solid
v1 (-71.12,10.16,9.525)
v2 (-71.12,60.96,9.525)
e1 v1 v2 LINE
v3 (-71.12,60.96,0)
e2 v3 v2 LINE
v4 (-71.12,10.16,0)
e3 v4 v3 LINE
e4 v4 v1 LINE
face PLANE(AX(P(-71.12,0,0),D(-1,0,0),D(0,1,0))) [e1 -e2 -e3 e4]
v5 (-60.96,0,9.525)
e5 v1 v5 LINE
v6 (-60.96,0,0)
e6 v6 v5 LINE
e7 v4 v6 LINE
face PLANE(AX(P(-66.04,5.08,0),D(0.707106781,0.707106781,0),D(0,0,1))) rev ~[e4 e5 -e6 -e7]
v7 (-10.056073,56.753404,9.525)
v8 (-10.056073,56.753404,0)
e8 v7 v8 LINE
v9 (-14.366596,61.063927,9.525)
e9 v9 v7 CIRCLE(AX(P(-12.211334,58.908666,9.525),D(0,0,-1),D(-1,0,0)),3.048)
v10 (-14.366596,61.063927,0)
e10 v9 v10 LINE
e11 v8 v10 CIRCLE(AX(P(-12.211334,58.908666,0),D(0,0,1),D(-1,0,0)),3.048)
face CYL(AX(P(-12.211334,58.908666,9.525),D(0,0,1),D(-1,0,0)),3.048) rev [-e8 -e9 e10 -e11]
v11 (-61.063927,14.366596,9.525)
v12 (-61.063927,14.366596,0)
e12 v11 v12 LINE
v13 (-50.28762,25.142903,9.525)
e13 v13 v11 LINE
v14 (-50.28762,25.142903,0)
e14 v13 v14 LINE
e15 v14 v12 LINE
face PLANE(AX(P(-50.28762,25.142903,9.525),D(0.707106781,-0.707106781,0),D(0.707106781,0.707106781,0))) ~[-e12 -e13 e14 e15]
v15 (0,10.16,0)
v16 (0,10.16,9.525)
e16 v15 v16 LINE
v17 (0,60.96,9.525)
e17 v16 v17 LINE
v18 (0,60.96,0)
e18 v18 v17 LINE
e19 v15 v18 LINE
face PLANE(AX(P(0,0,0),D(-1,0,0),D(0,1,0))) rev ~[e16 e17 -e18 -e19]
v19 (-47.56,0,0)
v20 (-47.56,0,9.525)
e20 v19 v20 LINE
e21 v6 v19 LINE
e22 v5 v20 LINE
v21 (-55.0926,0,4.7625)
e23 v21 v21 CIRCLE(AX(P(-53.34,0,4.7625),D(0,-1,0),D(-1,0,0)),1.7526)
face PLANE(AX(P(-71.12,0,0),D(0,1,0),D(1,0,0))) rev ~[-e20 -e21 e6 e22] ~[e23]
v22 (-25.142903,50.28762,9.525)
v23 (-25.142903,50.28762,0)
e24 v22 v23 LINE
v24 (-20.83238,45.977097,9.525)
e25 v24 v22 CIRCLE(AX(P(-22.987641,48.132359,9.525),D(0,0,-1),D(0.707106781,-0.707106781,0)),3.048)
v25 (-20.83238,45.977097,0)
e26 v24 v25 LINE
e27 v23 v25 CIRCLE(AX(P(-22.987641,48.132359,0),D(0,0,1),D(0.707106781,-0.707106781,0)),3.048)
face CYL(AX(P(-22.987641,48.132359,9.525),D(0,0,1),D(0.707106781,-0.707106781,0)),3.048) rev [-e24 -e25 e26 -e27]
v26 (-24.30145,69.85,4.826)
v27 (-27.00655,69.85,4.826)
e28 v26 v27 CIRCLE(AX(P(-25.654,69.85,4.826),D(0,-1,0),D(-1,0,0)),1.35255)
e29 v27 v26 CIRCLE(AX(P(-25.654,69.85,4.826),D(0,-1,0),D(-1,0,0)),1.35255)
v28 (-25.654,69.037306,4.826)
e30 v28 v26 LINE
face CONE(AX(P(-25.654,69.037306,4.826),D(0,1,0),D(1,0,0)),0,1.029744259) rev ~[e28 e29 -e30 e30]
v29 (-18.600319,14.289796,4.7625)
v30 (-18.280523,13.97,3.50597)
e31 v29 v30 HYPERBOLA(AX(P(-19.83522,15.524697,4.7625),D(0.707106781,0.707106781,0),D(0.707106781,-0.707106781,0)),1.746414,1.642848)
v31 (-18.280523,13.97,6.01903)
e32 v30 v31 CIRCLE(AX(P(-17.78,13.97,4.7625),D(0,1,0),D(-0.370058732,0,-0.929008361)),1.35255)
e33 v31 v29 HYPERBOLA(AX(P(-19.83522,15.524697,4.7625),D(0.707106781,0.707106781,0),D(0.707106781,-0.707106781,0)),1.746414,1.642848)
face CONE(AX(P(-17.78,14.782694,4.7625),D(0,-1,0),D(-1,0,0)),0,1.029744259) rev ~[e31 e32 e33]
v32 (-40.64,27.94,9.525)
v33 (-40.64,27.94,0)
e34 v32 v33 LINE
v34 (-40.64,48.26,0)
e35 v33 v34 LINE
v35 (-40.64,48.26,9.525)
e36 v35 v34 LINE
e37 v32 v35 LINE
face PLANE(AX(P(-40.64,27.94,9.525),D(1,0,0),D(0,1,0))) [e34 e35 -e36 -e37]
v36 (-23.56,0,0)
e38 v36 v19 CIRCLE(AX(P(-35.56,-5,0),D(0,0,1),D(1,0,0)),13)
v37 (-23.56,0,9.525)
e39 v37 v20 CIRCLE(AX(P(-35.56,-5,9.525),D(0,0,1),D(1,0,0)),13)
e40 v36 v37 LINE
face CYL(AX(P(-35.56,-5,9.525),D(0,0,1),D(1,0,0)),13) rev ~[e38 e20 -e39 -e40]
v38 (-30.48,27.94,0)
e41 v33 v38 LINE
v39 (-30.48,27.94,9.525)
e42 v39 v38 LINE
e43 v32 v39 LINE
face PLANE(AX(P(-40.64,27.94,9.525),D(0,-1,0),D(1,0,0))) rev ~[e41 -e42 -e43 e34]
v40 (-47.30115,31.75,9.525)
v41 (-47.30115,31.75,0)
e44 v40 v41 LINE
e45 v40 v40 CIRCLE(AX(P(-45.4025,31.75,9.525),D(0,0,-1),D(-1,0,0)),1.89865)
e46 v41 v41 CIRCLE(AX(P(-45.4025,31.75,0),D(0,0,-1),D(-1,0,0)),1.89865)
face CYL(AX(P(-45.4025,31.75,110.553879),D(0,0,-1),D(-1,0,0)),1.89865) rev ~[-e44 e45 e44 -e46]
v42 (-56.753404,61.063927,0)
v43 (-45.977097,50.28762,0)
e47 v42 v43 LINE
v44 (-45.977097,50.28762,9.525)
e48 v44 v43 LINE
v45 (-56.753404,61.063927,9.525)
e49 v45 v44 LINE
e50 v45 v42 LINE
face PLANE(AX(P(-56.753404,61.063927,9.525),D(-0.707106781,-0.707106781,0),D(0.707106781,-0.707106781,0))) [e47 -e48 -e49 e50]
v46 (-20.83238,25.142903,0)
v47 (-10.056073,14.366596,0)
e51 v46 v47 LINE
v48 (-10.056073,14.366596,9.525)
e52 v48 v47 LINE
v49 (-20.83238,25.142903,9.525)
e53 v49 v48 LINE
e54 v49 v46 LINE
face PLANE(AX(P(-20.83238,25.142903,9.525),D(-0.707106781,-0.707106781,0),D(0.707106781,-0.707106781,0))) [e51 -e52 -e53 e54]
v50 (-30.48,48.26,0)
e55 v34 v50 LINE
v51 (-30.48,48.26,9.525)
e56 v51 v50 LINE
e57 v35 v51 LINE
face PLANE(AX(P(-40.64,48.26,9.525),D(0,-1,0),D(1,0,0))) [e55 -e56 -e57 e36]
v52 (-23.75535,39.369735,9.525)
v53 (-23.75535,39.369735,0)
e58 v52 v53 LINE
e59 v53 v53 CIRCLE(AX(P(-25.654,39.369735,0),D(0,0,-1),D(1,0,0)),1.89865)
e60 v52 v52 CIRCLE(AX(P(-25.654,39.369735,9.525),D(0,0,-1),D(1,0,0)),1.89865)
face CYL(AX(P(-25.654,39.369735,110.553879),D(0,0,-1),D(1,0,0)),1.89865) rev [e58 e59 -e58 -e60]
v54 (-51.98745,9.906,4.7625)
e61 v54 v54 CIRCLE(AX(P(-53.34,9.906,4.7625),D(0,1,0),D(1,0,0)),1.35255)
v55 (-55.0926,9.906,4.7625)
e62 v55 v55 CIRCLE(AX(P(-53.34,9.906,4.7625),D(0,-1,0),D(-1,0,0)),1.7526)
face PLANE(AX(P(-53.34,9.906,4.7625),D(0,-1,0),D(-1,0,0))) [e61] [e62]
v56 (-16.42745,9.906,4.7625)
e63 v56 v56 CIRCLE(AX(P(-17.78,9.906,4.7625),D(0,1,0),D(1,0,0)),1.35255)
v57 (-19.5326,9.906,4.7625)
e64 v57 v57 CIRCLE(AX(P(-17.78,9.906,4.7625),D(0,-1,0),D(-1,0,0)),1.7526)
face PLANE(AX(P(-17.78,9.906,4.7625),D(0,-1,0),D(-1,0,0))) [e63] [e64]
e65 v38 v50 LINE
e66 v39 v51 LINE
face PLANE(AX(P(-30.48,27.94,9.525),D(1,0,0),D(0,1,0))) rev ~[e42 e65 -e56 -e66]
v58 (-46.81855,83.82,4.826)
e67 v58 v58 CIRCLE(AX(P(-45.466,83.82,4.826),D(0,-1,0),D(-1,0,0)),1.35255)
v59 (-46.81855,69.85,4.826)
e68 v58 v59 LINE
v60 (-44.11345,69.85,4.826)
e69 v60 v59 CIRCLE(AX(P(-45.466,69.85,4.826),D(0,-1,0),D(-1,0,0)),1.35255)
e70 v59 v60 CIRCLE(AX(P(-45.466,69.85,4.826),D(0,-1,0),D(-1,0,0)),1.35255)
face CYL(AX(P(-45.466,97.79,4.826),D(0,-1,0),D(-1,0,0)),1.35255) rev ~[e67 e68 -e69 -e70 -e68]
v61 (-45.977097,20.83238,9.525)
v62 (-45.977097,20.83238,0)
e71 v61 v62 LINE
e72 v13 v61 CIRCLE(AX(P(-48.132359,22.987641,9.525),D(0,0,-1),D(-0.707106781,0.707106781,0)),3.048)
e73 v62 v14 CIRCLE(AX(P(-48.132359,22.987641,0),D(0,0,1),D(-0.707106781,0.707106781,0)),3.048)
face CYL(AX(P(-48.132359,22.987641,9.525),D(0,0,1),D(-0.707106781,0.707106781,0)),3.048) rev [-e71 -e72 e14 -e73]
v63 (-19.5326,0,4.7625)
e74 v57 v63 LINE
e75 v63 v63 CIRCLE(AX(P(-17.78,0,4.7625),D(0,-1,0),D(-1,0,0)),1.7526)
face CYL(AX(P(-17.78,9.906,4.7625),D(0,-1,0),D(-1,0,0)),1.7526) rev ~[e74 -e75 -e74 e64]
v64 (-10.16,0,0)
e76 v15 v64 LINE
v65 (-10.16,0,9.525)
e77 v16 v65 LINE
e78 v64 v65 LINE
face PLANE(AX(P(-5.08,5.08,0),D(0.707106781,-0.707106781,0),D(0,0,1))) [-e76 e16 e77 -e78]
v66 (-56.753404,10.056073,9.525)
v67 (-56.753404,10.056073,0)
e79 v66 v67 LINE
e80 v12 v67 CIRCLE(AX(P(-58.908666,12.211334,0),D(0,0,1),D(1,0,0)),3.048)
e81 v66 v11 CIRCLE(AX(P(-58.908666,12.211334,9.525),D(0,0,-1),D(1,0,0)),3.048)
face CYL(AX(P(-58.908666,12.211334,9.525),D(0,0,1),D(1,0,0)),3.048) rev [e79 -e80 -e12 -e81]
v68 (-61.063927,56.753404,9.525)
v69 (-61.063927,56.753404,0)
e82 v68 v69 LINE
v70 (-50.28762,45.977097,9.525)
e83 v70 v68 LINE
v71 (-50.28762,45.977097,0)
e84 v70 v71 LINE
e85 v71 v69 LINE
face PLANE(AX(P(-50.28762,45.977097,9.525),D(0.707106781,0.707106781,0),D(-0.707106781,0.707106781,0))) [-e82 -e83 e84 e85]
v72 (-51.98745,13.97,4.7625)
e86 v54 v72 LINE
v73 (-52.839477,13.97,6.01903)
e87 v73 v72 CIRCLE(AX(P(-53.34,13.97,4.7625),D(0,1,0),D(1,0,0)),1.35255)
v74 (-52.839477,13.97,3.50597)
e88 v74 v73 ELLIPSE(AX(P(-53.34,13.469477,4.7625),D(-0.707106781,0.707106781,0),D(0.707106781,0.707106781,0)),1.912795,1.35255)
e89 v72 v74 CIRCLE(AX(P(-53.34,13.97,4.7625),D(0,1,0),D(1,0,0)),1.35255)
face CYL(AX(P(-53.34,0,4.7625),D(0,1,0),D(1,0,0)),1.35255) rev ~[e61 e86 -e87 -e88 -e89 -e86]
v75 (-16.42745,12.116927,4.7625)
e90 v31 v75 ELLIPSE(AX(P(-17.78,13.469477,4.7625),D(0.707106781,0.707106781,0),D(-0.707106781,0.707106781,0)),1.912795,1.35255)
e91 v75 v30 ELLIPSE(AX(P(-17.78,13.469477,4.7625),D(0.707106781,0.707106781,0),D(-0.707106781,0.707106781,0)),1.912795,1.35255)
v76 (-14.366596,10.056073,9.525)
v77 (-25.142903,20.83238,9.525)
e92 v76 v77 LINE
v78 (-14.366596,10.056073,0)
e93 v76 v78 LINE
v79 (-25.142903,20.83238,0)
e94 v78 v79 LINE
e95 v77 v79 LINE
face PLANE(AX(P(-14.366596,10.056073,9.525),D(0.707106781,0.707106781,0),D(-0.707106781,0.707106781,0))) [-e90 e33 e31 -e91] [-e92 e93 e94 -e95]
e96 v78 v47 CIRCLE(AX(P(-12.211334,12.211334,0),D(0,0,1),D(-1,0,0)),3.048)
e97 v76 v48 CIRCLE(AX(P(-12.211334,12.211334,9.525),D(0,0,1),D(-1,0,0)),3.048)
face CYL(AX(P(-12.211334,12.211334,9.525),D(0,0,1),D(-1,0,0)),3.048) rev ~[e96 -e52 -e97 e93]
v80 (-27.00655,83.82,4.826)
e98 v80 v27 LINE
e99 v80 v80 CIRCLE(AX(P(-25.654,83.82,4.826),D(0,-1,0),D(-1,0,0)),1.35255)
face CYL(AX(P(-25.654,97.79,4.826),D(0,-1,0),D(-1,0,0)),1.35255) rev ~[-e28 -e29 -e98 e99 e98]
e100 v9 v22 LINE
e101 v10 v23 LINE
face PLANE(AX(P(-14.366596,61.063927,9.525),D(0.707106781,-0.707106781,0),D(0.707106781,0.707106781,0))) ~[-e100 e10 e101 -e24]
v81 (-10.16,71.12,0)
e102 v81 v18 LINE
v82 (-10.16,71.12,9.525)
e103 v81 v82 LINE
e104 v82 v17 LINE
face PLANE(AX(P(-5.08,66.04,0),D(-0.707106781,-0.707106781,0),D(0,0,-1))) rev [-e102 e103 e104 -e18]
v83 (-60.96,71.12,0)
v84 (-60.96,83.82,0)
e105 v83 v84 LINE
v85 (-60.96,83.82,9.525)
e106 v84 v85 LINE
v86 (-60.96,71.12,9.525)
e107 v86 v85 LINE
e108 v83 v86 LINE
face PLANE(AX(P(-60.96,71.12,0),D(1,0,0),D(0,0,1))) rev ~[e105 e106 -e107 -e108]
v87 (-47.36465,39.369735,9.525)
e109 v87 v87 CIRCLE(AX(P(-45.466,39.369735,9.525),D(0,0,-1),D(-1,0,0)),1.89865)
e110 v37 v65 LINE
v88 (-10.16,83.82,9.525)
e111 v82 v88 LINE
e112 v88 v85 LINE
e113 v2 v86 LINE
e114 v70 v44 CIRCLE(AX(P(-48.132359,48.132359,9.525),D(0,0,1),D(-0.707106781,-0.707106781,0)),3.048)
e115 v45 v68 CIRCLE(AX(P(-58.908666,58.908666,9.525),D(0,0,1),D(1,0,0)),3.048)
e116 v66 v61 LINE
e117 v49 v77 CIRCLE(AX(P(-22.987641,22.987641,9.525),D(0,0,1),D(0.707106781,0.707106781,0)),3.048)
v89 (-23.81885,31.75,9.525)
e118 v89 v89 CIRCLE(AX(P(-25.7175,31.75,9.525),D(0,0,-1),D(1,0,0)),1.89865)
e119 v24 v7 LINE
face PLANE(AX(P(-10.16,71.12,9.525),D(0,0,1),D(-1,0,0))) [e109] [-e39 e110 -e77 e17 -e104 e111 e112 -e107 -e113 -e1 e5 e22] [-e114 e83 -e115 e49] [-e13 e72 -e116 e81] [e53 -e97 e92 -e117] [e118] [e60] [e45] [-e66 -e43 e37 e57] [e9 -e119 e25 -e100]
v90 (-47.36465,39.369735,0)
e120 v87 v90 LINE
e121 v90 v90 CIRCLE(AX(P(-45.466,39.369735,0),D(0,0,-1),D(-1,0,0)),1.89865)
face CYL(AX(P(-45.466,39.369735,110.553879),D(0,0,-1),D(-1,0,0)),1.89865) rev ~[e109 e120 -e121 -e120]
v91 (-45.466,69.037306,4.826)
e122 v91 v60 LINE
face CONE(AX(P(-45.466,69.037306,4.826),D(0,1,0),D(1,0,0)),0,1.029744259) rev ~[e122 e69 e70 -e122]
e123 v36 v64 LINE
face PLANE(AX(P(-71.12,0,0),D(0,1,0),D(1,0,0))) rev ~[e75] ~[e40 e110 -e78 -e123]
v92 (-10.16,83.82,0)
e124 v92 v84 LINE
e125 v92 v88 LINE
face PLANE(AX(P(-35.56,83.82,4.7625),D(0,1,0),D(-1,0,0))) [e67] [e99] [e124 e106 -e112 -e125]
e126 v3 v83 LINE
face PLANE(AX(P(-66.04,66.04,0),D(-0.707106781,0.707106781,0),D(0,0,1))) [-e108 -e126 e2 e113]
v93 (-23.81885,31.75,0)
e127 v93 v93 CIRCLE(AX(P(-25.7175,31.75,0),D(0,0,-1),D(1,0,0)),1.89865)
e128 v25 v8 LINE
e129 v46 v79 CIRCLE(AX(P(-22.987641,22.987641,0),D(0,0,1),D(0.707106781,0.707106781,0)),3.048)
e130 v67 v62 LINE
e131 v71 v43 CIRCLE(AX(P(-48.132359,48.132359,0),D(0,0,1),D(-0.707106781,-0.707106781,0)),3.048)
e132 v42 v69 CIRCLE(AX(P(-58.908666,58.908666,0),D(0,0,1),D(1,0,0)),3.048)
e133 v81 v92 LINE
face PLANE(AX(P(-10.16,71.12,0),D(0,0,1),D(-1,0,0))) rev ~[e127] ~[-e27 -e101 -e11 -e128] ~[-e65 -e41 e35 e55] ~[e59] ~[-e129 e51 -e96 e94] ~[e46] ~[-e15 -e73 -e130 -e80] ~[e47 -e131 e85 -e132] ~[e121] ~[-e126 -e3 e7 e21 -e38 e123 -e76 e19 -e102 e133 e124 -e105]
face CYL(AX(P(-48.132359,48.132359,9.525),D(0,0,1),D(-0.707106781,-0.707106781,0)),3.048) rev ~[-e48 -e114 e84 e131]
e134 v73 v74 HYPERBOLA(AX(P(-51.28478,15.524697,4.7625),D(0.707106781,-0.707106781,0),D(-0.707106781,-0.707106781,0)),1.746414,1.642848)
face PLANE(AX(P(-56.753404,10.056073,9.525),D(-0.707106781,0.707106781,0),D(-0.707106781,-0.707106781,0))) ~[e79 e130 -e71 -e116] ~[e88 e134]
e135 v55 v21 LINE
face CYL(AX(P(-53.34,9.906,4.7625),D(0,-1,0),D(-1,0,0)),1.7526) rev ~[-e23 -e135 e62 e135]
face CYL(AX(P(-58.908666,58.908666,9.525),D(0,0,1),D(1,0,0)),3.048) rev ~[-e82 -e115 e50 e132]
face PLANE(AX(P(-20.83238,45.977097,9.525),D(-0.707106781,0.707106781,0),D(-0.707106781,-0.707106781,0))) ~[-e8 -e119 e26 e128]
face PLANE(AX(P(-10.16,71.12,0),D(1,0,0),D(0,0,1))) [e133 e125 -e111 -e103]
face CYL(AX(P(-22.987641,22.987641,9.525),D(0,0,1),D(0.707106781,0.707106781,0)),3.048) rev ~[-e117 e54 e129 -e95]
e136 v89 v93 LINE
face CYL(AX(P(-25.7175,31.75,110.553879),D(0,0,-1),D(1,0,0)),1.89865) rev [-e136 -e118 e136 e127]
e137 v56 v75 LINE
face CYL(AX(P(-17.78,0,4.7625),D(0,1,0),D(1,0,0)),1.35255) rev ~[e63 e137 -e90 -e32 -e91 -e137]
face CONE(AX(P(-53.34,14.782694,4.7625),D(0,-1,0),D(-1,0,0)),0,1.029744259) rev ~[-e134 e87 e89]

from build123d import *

# Parameters (mm, degrees)
SKETCH1_W                       = 71.12
SKETCH1_H                       = 71.12
EXTRUDE1_DEPTH                  = 9.525
SKETCH3_R                       = 3.048
CUT_EXTRUDE1_DEPTH              = 10.525
MIRROR3_COPY_1_SKETCH_R         = 3.048
MIRROR3_COPY_1_DEPTH            = 10.525
MIRROR3_COPY_2_SKETCH_R         = 3.048
MIRROR3_COPY_2_DEPTH            = 10.525
SKETCH5_W                       = 10.16
SKETCH5_H                       = 20.32
CUT_EXTRUDE4_DEPTH              = 10.525
SKETCH20_R                      = 13
CUT_EXTRUDE5_DEPTH              = 10.525
CHAMFER1_SIZE                   = 10.16
CHAMFER2_SIZE                   = 10.16
F_6_CLEARANCE_HOLE1_D           = 3.7973
CHAMFER3_SIZE                   = 10.16
SKETCH26_W                      = 50.8
SKETCH26_H                      = 9.525
EXTRUDE2_DEPTH                  = 12.7
F_6_32_TAPPED_HOLE4_D           = 2.7051
F_6_32_TAPPED_HOLE4_DEPTH       = 13.97
F_6_32_TAPPED_HOLE4_CBORE_D     = 3.5052
F_6_32_TAPPED_HOLE4_CBORE_DEPTH = 9.906
F_6_32_TAPPED_HOLE4_TIP         = 0.81269403
F_6_32_TAPPED_HOLE5_D           = 2.7051
F_6_32_TAPPED_HOLE5_DEPTH       = 13.97
F_6_32_TAPPED_HOLE5_TIP         = 0.81269403


with BuildPart() as part:
    # Sketch1 → Extrude1 (new body)
    with BuildSketch(Plane.XY):
        with Locations((-35.56, 35.56)):
            Rectangle(SKETCH1_W, SKETCH1_H)
    extrude(amount=EXTRUDE1_DEPTH)

    # Sketch3 → Cut-Extrude1 (cut, through all)
    with BuildSketch(Plane.XY.offset(9.525)):
        with Locations((-58.908665915, 58.908665915)):
            Circle(SKETCH3_R)
        with Locations((-48.132358569, 48.132358569)):
            Circle(SKETCH3_R)
        Polygon((-58.908665915, 58.908665915), (-56.753404446, 61.063927384), (-45.9770971, 50.287620039), (-50.287620039, 45.9770971), (-61.063927384, 56.753404446), align=None)
    cut_extrude1 = extrude(amount=-CUT_EXTRUDE1_DEPTH, mode=Mode.SUBTRACT)

    # Mirror1: Cut-Extrude1 across plane
    add(cut_extrude1.mirror(Plane.ZX.offset(35.56)), mode=Mode.SUBTRACT)

    # Mirror2: Cut-Extrude1 across plane
    add(cut_extrude1.mirror(Plane(origin=(-35.56, 0, 0), x_dir=(0, 0, 1), z_dir=(1, 0, 0))), mode=Mode.SUBTRACT)

    # Mirror3 copy 1 sketch → Mirror3 copy 1 (cut, through all)
    with BuildSketch(Plane(origin=(-71.12, 71.12, 9.525), x_dir=(-1, 0, 0), z_dir=(0, 0, 1))):
        with Locations((-58.908665915, 58.908665915)):
            Circle(MIRROR3_COPY_1_SKETCH_R)
        with Locations((-48.132358569, 48.132358569)):
            Circle(MIRROR3_COPY_1_SKETCH_R)
        Polygon((-58.908665915, 58.908665915), (-56.753404446, 61.063927384), (-45.9770971, 50.287620039), (-50.287620039, 45.9770971), (-61.063927384, 56.753404446), align=None)
    extrude(amount=-MIRROR3_COPY_1_DEPTH, mode=Mode.SUBTRACT)

    # Mirror3 copy 2 sketch → Mirror3 copy 2 (cut, through all)
    with BuildSketch(Plane(origin=(0, 71.12, 9.525), x_dir=(1, 0, 0), z_dir=(0, 0, 1))):
        with Locations((-58.908665915, -58.908665915)):
            Circle(MIRROR3_COPY_2_SKETCH_R)
        with Locations((-48.132358569, -48.132358569)):
            Circle(MIRROR3_COPY_2_SKETCH_R)
        Polygon((-58.908665915, -58.908665915), (-56.753404446, -61.063927384), (-45.9770971, -50.287620039), (-50.287620039, -45.9770971), (-61.063927384, -56.753404446), align=None)
    extrude(amount=-MIRROR3_COPY_2_DEPTH, mode=Mode.SUBTRACT)

    # Sketch5 → Cut-Extrude4 (cut, through all)
    with BuildSketch(Plane.XY.offset(9.525)):
        with Locations((-35.56, 38.1)):
            Rectangle(SKETCH5_W, SKETCH5_H)
    extrude(amount=-CUT_EXTRUDE4_DEPTH, mode=Mode.SUBTRACT)

    # Sketch20 → Cut-Extrude5 (cut, through all)
    with BuildSketch(Plane.XY.offset(9.525)):
        with Locations((-35.56, -5)):
            Circle(SKETCH20_R)
    extrude(amount=-CUT_EXTRUDE5_DEPTH, mode=Mode.SUBTRACT)

    # Chamfer1
    chamfer1_edges = [part.edges().sort_by_distance(p)[0] for p in [
        (-71.12, 71.12, 4.7625),
    ]]
    chamfer(chamfer1_edges, length=CHAMFER1_SIZE)

    # Chamfer2
    chamfer2_edges = [part.edges().sort_by_distance(p)[0] for p in [
        (0, 71.12, 4.7625),
    ]]
    chamfer(chamfer2_edges, length=CHAMFER2_SIZE)

    # #6 Clearance Hole1 (through all)
    with Locations(Plane(origin=(-45.4025, 31.75, 9.525), x_dir=(1, 0, 0), z_dir=(0, 0, 1))):
        with Locations((0, 0), (-0.0635, 7.619735412)):
            f_6_clearance_hole1 = Hole(F_6_CLEARANCE_HOLE1_D / 2)

    # Mirror11: #6 Clearance Hole1 across plane
    add(f_6_clearance_hole1.mirror(Plane(origin=(-35.56, 0, 0), x_dir=(0, 0, 1), z_dir=(1, 0, 0))), mode=Mode.SUBTRACT)

    # Chamfer3
    chamfer3_edges = [part.edges().sort_by_distance(p)[0] for p in [
        (0, 0, 4.7625),
        (-71.12, 0, 4.7625),
    ]]
    chamfer(chamfer3_edges, length=CHAMFER3_SIZE)

    # Sketch26 → Extrude2 (add)
    with BuildSketch(Plane(origin=(0, 71.12, 0), x_dir=(-1, 0, 0), z_dir=(0, 1, 0))):
        with Locations((35.56, 4.7625)):
            Rectangle(SKETCH26_W, SKETCH26_H)
    extrude(amount=EXTRUDE2_DEPTH)

    # #6-32 Tapped Hole4
    with Locations(Plane(origin=(-53.34, 0, 4.7625), x_dir=(-1, 0, 0), z_dir=(0, -1, 0))):
        with Locations((0, 0), (-35.56, 0)):
            CounterBoreHole(F_6_32_TAPPED_HOLE4_D / 2, F_6_32_TAPPED_HOLE4_CBORE_D / 2, F_6_32_TAPPED_HOLE4_CBORE_DEPTH, depth=F_6_32_TAPPED_HOLE4_DEPTH)
            with Locations((0, 0, -(F_6_32_TAPPED_HOLE4_DEPTH + F_6_32_TAPPED_HOLE4_TIP / 2))):  # 118° drill point
                Cone(0, F_6_32_TAPPED_HOLE4_D / 2, F_6_32_TAPPED_HOLE4_TIP, mode=Mode.SUBTRACT)

    # #6-32 Tapped Hole5
    with Locations(Plane(origin=(-45.466, 83.82, 4.826), x_dir=(1, 0, 0), z_dir=(0, 1, 0))):
        with Locations((0, 0), (19.812, 0)):
            Hole(F_6_32_TAPPED_HOLE5_D / 2, depth=F_6_32_TAPPED_HOLE5_DEPTH)
            with Locations((0, 0, -(F_6_32_TAPPED_HOLE5_DEPTH + F_6_32_TAPPED_HOLE5_TIP / 2))):  # 118° drill point
                Cone(0, F_6_32_TAPPED_HOLE5_D / 2, F_6_32_TAPPED_HOLE5_TIP, mode=Mode.SUBTRACT)


solid = part.part
